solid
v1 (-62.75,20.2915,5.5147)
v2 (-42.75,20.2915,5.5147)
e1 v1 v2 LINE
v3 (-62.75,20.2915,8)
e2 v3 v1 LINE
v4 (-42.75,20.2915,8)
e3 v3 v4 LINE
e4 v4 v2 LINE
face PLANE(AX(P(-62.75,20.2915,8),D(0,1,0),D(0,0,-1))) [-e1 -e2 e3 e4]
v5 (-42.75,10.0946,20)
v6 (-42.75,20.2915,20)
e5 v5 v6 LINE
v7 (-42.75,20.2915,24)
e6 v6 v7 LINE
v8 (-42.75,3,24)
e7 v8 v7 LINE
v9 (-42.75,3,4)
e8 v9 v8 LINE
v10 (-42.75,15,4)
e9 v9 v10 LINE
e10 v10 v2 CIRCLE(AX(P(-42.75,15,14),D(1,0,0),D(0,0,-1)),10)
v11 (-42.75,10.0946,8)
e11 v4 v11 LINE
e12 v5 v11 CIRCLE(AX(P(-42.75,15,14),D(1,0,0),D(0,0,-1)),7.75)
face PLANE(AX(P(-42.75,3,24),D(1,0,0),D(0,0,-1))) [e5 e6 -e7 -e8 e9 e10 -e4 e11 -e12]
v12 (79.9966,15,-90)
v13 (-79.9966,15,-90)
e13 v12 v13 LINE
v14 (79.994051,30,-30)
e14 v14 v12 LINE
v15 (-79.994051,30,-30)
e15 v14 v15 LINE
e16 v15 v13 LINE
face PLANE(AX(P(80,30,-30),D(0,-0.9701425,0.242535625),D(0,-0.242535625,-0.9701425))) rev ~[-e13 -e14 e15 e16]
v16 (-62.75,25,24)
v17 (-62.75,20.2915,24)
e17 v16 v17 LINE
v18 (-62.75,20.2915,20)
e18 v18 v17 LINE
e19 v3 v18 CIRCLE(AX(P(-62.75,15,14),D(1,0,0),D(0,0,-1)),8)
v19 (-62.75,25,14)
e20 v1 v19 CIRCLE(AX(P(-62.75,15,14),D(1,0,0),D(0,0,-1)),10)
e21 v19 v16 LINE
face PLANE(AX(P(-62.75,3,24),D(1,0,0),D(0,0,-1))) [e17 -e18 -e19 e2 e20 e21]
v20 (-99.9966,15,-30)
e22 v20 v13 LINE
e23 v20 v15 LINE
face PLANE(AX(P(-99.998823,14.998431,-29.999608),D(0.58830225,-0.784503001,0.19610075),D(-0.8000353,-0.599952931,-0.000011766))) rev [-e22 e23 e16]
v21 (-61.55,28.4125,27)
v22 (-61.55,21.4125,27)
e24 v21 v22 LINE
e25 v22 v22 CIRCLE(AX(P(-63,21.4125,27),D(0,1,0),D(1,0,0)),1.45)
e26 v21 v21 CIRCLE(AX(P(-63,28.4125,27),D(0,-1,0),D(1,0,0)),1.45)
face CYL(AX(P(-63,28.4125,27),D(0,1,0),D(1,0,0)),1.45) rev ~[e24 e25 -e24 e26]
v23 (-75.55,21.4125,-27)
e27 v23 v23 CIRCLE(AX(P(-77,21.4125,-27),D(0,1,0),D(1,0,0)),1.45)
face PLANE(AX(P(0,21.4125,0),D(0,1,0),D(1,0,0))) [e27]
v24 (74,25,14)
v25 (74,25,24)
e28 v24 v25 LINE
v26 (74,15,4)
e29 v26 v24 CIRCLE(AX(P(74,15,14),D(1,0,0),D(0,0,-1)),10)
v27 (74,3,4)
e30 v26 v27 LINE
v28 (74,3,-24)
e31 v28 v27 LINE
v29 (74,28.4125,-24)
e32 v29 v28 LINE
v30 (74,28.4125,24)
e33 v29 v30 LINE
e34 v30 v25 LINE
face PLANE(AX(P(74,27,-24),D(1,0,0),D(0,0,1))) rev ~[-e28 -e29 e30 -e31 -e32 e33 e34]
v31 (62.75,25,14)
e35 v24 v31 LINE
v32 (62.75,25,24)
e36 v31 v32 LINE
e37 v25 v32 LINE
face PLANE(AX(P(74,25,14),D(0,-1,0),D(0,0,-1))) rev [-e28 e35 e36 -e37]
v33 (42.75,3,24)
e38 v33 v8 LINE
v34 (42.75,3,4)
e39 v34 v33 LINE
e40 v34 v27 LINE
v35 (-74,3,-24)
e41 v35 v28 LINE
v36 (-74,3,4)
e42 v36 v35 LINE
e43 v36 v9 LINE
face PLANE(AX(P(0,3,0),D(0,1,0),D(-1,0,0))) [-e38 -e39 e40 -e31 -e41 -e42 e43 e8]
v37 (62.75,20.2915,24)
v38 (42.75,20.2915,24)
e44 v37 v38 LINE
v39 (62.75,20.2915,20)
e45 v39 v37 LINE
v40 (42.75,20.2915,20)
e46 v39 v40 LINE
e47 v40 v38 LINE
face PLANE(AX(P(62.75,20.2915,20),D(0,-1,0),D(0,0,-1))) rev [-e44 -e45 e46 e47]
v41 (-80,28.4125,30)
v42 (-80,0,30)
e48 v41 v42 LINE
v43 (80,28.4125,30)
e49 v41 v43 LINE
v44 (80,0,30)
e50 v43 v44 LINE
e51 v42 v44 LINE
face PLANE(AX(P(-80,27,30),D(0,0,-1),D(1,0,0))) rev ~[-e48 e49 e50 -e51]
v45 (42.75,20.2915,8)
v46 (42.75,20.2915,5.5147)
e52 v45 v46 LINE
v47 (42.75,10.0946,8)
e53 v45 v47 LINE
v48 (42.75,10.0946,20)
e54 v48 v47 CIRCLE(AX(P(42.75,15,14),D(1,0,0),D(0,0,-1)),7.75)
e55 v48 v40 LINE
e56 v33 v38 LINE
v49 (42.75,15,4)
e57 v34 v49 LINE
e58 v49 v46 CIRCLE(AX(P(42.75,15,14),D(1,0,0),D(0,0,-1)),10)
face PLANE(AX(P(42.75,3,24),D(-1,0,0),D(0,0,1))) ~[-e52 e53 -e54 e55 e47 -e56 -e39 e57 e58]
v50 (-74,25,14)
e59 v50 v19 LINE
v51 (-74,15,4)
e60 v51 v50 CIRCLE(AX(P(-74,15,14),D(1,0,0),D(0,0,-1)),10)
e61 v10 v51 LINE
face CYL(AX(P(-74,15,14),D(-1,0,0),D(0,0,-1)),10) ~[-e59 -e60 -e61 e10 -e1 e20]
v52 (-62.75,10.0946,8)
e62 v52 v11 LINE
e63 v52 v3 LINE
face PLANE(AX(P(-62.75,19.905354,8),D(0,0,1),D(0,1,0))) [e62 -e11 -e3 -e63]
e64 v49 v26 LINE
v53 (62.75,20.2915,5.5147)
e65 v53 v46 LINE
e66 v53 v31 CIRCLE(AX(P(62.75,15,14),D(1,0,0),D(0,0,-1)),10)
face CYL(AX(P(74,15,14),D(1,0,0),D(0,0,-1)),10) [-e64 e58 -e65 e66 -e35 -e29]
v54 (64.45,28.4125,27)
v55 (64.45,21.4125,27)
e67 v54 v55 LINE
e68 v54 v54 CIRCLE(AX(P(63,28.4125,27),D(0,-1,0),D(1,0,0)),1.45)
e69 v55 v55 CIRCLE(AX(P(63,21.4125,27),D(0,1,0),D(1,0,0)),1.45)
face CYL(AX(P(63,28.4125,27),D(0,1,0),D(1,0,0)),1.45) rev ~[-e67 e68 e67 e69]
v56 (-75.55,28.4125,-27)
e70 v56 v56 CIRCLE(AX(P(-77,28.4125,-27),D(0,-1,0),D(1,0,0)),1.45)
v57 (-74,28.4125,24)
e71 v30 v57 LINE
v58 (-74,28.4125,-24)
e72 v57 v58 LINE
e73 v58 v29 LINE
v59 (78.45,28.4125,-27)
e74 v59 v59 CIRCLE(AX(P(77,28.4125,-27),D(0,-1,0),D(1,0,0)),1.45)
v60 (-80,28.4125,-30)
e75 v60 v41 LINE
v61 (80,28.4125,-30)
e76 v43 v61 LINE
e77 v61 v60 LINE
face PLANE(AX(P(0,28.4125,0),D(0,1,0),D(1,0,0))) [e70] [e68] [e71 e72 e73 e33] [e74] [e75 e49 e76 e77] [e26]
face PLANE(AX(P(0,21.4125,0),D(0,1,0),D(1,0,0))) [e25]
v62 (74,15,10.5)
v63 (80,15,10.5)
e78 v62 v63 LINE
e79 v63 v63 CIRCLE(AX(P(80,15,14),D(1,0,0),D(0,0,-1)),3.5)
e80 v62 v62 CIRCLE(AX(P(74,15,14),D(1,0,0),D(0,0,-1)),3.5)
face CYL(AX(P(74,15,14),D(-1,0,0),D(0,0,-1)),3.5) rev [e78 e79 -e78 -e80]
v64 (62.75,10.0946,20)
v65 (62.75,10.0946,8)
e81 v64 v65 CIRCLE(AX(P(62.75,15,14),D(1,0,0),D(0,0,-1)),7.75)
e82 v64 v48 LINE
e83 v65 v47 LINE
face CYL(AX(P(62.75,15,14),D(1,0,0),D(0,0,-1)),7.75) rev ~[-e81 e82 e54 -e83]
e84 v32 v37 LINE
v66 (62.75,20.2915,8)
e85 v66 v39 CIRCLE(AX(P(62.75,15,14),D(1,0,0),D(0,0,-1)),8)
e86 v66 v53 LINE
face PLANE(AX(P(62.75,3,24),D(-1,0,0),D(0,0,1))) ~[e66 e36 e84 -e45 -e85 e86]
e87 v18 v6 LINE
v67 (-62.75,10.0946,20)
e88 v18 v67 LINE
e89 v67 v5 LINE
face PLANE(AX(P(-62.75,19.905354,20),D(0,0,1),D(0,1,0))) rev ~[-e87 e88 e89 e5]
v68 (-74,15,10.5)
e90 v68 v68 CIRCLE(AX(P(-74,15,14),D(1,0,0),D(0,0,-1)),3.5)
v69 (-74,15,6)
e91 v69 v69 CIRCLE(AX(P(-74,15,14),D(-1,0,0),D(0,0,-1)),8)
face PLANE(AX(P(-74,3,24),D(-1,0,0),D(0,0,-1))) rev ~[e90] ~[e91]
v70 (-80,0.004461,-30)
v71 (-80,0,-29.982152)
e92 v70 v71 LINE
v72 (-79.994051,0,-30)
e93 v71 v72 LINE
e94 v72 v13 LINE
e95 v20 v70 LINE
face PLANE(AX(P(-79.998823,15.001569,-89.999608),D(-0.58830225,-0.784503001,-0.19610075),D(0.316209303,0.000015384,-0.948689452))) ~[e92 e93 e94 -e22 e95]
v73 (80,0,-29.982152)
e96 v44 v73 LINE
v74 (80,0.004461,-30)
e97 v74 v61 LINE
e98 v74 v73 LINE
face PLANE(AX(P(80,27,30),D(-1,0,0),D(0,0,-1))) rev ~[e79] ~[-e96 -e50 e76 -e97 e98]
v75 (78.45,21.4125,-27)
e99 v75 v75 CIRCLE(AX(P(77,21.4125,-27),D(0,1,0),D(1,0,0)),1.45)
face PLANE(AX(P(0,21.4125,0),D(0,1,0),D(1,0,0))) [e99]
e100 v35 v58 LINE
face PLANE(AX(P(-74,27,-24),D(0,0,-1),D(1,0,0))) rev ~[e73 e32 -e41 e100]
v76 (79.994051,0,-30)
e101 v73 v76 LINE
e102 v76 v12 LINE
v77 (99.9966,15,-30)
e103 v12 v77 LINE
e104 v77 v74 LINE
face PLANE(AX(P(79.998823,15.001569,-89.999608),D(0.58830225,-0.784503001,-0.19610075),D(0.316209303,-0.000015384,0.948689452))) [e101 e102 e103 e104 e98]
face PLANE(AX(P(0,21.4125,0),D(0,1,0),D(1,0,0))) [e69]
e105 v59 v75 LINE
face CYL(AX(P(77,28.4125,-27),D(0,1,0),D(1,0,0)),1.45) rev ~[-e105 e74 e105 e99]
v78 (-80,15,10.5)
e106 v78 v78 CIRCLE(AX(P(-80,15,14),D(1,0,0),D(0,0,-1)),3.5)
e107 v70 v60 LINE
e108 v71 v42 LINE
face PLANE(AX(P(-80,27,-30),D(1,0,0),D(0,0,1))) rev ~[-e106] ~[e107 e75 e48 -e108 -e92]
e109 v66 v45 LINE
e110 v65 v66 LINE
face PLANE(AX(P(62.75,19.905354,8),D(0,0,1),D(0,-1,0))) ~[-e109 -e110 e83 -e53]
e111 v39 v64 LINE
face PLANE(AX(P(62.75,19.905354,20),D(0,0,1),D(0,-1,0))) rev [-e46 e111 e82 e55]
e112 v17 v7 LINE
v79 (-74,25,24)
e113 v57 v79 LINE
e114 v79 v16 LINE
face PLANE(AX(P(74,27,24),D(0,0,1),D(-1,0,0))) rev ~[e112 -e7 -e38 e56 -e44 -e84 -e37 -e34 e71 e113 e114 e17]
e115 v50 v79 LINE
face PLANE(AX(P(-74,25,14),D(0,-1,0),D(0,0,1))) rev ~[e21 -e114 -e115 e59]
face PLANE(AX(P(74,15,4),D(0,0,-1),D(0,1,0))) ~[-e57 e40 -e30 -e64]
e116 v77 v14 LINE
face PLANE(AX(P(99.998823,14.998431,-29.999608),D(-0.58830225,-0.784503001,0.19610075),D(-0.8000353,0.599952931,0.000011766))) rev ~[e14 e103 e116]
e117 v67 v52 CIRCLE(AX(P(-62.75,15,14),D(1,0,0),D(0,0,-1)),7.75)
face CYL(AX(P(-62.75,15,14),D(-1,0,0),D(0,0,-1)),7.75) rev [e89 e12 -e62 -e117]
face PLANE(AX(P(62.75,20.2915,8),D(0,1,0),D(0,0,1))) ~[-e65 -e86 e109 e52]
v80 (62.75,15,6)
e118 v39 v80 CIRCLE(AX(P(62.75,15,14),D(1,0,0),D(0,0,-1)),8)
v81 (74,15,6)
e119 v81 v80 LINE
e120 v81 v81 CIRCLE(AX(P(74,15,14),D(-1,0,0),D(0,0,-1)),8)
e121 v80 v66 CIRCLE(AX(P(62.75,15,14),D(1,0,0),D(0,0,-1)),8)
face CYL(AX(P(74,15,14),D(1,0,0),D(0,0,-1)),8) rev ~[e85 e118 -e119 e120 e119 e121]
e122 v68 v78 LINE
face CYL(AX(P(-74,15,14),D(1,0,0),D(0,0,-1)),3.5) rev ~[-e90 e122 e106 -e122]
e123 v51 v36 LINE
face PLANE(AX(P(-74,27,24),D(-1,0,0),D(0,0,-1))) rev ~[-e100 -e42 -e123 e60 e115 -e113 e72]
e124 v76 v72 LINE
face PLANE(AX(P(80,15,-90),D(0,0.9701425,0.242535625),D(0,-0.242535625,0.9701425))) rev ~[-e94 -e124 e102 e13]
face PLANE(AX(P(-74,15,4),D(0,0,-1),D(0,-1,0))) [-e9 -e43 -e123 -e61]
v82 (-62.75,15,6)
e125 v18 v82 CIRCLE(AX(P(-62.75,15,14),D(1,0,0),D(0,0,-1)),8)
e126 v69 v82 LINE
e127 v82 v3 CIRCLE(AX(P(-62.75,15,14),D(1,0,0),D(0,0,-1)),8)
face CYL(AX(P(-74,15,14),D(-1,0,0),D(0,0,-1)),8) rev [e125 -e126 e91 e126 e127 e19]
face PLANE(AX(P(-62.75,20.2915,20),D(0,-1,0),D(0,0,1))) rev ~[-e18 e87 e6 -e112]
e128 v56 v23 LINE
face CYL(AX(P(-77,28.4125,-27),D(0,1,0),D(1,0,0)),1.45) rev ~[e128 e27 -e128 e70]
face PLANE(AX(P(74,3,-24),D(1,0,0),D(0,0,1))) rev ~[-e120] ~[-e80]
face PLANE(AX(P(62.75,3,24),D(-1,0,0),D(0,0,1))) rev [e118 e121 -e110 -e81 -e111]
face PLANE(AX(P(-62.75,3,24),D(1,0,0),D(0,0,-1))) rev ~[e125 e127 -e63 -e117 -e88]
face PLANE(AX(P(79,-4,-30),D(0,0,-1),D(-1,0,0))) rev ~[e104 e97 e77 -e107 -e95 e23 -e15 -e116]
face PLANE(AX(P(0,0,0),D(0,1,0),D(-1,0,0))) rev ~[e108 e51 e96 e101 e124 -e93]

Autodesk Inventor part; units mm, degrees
ref_plane "YZ Plane" through (0, 0, 0) normal (1, 0, 0) x (0, 1, 0)
ref_plane "XZ Plane" through (0, 0, 0) normal (0, 1, 0) x (-1, 0, 0)
sketch "Sketch1" plane through (0, 0, 0) normal (0, 1, 0) x (-1, 0, 0)
  line L0 (80, 30) -> (-80, 30)
  line L1 (-80, 30) -> (-80, -30)
  line L2 (-80, -30) -> (80, -30)
  line L3 (80, -30) -> (80, 30)
  line L4 (80, 30) -> (-80, -30) construction
  line L5 (-80, 30) -> (80, -30) construction
  line L6 (0, -42) -> (0, 42) projected
  point P0 (0, 0)
  point P1 (-100, -30)
  point P2 (-80, -27)
  dimension "d0" = 160
  dimension "d1" = 60
  dimension "d32" = 20
extrude "Extrusion1" add sketch "Sketch1" along normal blind 3
sketch "Sketch2" plane through (0, 3, 0) normal (0, 1, 0) x (1, 0, 0)
  line L0 (-80, 30) -> (-80, -30) projected
  line L1 (-80, -30) -> (80, -30) projected
  line L2 (80, -30) -> (80, 30) projected
  line L3 (74, -24) -> (-74, -24)
  line L4 (-74, -24) -> (-74, 24)
  line L5 (-74, 24) -> (74, 24)
  line L6 (74, 24) -> (74, -24)
  line L7 (74, -24) -> (-74, 24) construction
  line L8 (-74, -24) -> (74, 24) construction
  line L9 (80, 30) -> (-80, 30) projected
  point P0 (0, 0)
  dimension "d36" = 148
  dimension "d37" = 48
extrude "Extrusion2" add sketch "Sketch2" along normal blind 24
sketch "Sketch7" plane through (-74, 3, 24) normal (1, 0, 0) x (0, 0, -1)
  circle A0 centre (10, 12) radius 8
  line L0 (54, -3) -> (-6, -3) projected
  circle A1 centre (10, 12) radius 10
  line L1 (0, 12) -> (0, 0)
  line L2 (0, 12) -> (20, 12)
  line L3 (20, 12) -> (20, 0)
  line L4 (-6, -3) -> (-6, 24) projected
  line L5 (0, 0) -> (20, 0)
  line L6 (10, 22) -> (0, 22)
  line L7 (0, 0) -> (0, 24) projected
  line L8 (0, 12) -> (0, 22)
  point P0 (24, -3)
  point P1 (54, -3)
  dimension "MotorDiameter" = 16
  dimension "d18" = 15
  dimension "d20" = 2
  dimension "d40" = 20
  dimension "d62" = 10
extrude "Extrusion5" add sketch "Sketch7" along normal blind 11.25 contours L2 A1 A0 | A0 L2 A1 | L3 L5 L1 A1 | L7 L6 A1
sketch "Sketch8" plane through (-62.75, 3, 24) normal (1, 0, 0) x (0, 0, -1)
  arc A0 (20, 12) -> (10, 22) centre (10, 12) ccw projected
  circle A1 centre (10, 12) radius 8 projected
  line L0 (0, 0) -> (0, 22) projected
  line L1 (20, 0) -> (0, 0) projected
  line L2 (20, 0) -> (20, 12) projected
  circle A2 centre (10, 12) radius 7.75
  line L3 (10, 22) -> (0, 22) projected
  line L4 (0, 0) -> (0, 22) projected
  line L5 (4, 7.0946) -> (4, 17.2915)
  line L6 (10, 22) -> (0, 22) projected
  line L7 (16, 7.0946) -> (16, 17.2915)
  line L8 (16, 17.2915) -> (18.4853, 17.2915)
  arc A3 (20, 12) -> (10, 22) centre (10, 12) ccw projected
  line L9 (4, 17.2915) -> (0, 17.2915)
  point P0 (24, -3)
  point P1 (4, 27)
  point P2 (4, 16.9054)
  point P3 (16, 16.9054)
  dimension "d55" = 15.5
  dimension "d63" = 12
  dimension "d64" = 6
extrude "Extrusion6" add sketch "Sketch8" along normal blind 20 contours L2 L1 L0 L9 A1 L8 A0 | A1 L5 A2 L7 | A2 L7 | L5 A2 picked at (9.114, 4.2488)
sketch "Sketch9" plane through (-74, 20, 20) normal (1, 0, 0) x (0, 0, -1)
  circle A0 centre (6, -5) radius 3.5
  line L0 (50, -20) -> (-10, -20) projected
  line L1 (-10, -20) -> (-10, 7) projected
  point P0 (20, -20)
  point P1 (44, -20)
  dimension "d27" = 7
  dimension "d28" = 15
  dimension "d41" = 16
extrude "Extrusion7" cut sketch "Sketch9" against normal up to surface (6 mm away)
mirror "Mirror2" about plane through (0, 0, 0) normal (1, 0, 0) of "Extrusion7", "Extrusion6", "Extrusion5"
sketch "Sketch15" plane through (80, 0, 30) normal (1, 0, 0) x (0, 0, -1)
  line L0 (60, 27) -> (0, 27) projected
  circle A0 centre (16, 15) radius 3.5 projected
  line L1 (0, 0) -> (60, 0) projected
  line L2 (60, 0) -> (60, 27) projected
  line L3 (0, 27) -> (60, 27) projected
  line L4 (0, 0) -> (0, 27) projected
  line L5 (60, 0) -> (60, 27) projected
  line L6 (120.0188, 15.0047) -> (60, 0)
  line L7 (60, 0) -> (60, 27) projected
  line L8 (60, 0) -> (60, 30)
  line L9 (60, 15) -> (120, 15)
  line L10 (60, 30) -> (120, 15)
  point P0 (30, 0)
  dimension "d104" = 30
  dimension "d105" = 15
  dimension "d106" = 60
extrude "Extrusion18" add sketch "Sketch15" against normal up to surface (160 mm away) contours L8 L10 L9 L2 | L9 L6 L2
ref_plane "Work Plane9" through (79, -4, -30) normal (0, 0, -1) x (-1, 0, 0)
sketch "Sketch23" plane through (79, -4, -30) normal (0, 0, -1) x (-1, 0, 0)
  line L0 (-1, 34) -> (-21, 19)
  line L1 (-21, 19) -> (-1, 19)
  line L2 (-21, 19) -> (-1, 4)
  line L3 (-1, 31) -> (159, 31) projected
  line L4 (-1, 34) -> (-1, 31) projected
  line L5 (-1, 34) -> (159, 34) projected
  line L6 (159, 34) -> (159, 31) projected
  line L7 (159, 4) -> (-1, 4) projected
  line L8 (-1, 4) -> (-1, 31) projected
  line L9 (159, 31) -> (-1, 31) projected
  line L10 (159, 4) -> (159, 31) projected
  point P0 (79, 4)
  dimension "d97" = 20
  dimension "d108" = 15
extrude "Extrusion19" add sketch "Sketch23" along normal blind 60 contours L4 L8 L1 L0 | L1 L8 L2
ref_plane "Work Plane4" through (100, 15, -30) normal (-0.5883, -0.7845, 0.1961) x (-0.8, 0.6, 0)
sketch "Sketch24" plane through (100, 15, -30) normal (-0.5883, -0.7845, 0.1961) x (-0.8, 0.6, 0)
  line L0 (-89.1969, -73.3175) -> (145.8797, -73.3175)
  line L1 (145.8797, -73.3175) -> (145.8797, 67.3582)
  line L2 (145.8797, 67.3582) -> (-89.1969, 67.3582)
  line L3 (-89.1969, 67.3582) -> (-89.1969, -73.3175)
  point P0 (71, -15.2971)
extrude "Extrusion20" cut sketch "Sketch24" against normal blind 60
ref_plane "Work Plane5" through (80, 15, -90) normal (0.5883, -0.7845, -0.1961) x (0.3162, 0, 0.9487)
sketch "Sketch25" plane through (80, 15, -90) normal (0.5883, -0.7845, -0.1961) x (0.3162, 0, 0.9487)
  line L0 (-115.6054, 99.2741) -> (196.6383, 99.2741)
  line L1 (196.6383, 99.2741) -> (196.6383, -110.1424)
  line L2 (196.6383, -110.1424) -> (-115.6054, -110.1424)
  line L3 (-115.6054, -110.1424) -> (-115.6054, 99.2741)
  point P0 (60.0833, 91.1655)
extrude "Extrusion21" cut sketch "Sketch25" along normal blind 60
mirror "Mirror10" about plane through (0, 0, 0) normal (1, 0, 0) of "Extrusion19", "Extrusion20", "Extrusion21"
sketch "Sketch26" plane through (0, 27, 0) normal (0, 1, 0) x (1, 0, 0)
  line L0 (-80, 30) -> (-80, -30) projected
  line L1 (-80, -30) -> (80, -30) projected
  line L2 (80, -30) -> (80, 30) projected
  line L3 (80, 30) -> (-80, 30) projected
  line L4 (-74, 24) -> (74, 24) projected
  line L5 (74, 24) -> (74, -24) projected
  line L6 (74, -24) -> (-74, -24) projected
  line L7 (-74, -24) -> (-74, 24) projected
  point P0 (0, 0)
extrude "Extrusion22" add sketch "Sketch26" along normal blind 1.4125
sketch "Sketch27" plane through (0, 28.4125, 0) normal (0, 1, 0) x (1, 0, 0)
  line L0 (-80, 30) -> (-80, -30) projected
  line L1 (-80, -30) -> (80, -30) projected
  line L2 (80, -30) -> (80, 30) projected
  line L3 (-80, 30) -> (80, 30) projected
  line L4 (-74, -24) -> (-74, 24) projected
  line L5 (-74, 24) -> (74, 24) projected
  line L6 (74, 24) -> (74, -24) projected
  line L7 (74, -24) -> (-74, -24) projected
  line L8 (80, -30) -> (80, 30) projected
  line L9 (80, -27) -> (-80, -27)
  line L10 (-80, 30) -> (-80, -30) projected
  line L11 (80, 27) -> (-80, 27)
  line L12 (-80, -30) -> (80, -30) projected
  line L13 (77, -30) -> (77, 30)
  circle A0 centre (63, -27) radius 1.45
  circle A1 centre (77, 27) radius 1.45
  line L14 (0, 114) -> (0, -54) projected
  circle A2 centre (-63, -27) radius 1.45
  circle A3 centre (-77, 27) radius 1.45
  point P0 (0, 0)
  dimension "d111" = 3
  dimension "d112" = 3
  dimension "d113" = 3
  dimension "d114" = 2.9
  dimension "d115" = 17
  dimension "d116" = 2.9
extrude "Extrusion23" cut sketch "Sketch27" against normal blind 7 contours A3 L11 | L11 A3 | A2 L9 | L9 A2 | A1 L11 L13 | L13 L11 A1 | L11 L13 A1 | L11 A1 L13 | A0 L9 | L9 A0
ref_plane "Work Plane7" through (-100, 15, -30) normal (-0.5883, 0.7845, -0.1961) x (0.8, 0.6, 0)
ref_plane "Work Plane8" through (-80, 15, -90) normal (0.5883, 0.7845, 0.1961) x (-0.3162, 0, 0.9487)
equation "\"d0\" = Width"
equation "\"d1\" = Length"
equation "\"d32\" = -0.5 * Width + 0.5 * FullWidth"
equation "\"d2\" = BaseWallThickness"
equation "\"d36\" = Width - 2 * SideWallThickness"
equation "\"d37\" = Length - 2 * SideWallThickness"
equation "\"d5\" = Height - 2 * BaseWallThickness"
equation "\"d18\" = DriveMotorHeight"
equation "\"d20\" = DriveMotorMountThickness"
equation "\"d28\" = DriveMotorHeight"
equation "\"d41\" = SideWallThickness + DriveMotorMountThickness + 0.5 * MotorDiameter"
equation "\"d104\" = Height"
equation "\"d105\" = 0.5 * Height"
equation "\"d106\" = WedgeLength"
equation "\"d97\" = SideTriangleWidth"
equation "\"d98\" = WedgeLength"
equation "\"d100\" = WedgeLength"
equation "\"d102\" = WedgeLength"
equation "\"SideWallThickness\" = 6"
equation "\"BaseWallThickness\" = 3"
equation "\"Width\" = 160"
equation "\"Length\" = 60"
equation "\"Height\" = 30"
equation "\"DriveMotorHeight\" = 0.5 * Height"
equation "\"DriveMotorMountThickness\" = 2"
equation "\"WedgeLength\" = 60"
equation "\"SideTriangleWidth\" = 20"
equation "\"ScrewHoleDia\" = 2.9"
equation "\"ScrewDepth\" = 7"
equation "\"FullWidth\" = 200"
properties part number "BodyWedgeV3" material "Thermoplastic Resin"
